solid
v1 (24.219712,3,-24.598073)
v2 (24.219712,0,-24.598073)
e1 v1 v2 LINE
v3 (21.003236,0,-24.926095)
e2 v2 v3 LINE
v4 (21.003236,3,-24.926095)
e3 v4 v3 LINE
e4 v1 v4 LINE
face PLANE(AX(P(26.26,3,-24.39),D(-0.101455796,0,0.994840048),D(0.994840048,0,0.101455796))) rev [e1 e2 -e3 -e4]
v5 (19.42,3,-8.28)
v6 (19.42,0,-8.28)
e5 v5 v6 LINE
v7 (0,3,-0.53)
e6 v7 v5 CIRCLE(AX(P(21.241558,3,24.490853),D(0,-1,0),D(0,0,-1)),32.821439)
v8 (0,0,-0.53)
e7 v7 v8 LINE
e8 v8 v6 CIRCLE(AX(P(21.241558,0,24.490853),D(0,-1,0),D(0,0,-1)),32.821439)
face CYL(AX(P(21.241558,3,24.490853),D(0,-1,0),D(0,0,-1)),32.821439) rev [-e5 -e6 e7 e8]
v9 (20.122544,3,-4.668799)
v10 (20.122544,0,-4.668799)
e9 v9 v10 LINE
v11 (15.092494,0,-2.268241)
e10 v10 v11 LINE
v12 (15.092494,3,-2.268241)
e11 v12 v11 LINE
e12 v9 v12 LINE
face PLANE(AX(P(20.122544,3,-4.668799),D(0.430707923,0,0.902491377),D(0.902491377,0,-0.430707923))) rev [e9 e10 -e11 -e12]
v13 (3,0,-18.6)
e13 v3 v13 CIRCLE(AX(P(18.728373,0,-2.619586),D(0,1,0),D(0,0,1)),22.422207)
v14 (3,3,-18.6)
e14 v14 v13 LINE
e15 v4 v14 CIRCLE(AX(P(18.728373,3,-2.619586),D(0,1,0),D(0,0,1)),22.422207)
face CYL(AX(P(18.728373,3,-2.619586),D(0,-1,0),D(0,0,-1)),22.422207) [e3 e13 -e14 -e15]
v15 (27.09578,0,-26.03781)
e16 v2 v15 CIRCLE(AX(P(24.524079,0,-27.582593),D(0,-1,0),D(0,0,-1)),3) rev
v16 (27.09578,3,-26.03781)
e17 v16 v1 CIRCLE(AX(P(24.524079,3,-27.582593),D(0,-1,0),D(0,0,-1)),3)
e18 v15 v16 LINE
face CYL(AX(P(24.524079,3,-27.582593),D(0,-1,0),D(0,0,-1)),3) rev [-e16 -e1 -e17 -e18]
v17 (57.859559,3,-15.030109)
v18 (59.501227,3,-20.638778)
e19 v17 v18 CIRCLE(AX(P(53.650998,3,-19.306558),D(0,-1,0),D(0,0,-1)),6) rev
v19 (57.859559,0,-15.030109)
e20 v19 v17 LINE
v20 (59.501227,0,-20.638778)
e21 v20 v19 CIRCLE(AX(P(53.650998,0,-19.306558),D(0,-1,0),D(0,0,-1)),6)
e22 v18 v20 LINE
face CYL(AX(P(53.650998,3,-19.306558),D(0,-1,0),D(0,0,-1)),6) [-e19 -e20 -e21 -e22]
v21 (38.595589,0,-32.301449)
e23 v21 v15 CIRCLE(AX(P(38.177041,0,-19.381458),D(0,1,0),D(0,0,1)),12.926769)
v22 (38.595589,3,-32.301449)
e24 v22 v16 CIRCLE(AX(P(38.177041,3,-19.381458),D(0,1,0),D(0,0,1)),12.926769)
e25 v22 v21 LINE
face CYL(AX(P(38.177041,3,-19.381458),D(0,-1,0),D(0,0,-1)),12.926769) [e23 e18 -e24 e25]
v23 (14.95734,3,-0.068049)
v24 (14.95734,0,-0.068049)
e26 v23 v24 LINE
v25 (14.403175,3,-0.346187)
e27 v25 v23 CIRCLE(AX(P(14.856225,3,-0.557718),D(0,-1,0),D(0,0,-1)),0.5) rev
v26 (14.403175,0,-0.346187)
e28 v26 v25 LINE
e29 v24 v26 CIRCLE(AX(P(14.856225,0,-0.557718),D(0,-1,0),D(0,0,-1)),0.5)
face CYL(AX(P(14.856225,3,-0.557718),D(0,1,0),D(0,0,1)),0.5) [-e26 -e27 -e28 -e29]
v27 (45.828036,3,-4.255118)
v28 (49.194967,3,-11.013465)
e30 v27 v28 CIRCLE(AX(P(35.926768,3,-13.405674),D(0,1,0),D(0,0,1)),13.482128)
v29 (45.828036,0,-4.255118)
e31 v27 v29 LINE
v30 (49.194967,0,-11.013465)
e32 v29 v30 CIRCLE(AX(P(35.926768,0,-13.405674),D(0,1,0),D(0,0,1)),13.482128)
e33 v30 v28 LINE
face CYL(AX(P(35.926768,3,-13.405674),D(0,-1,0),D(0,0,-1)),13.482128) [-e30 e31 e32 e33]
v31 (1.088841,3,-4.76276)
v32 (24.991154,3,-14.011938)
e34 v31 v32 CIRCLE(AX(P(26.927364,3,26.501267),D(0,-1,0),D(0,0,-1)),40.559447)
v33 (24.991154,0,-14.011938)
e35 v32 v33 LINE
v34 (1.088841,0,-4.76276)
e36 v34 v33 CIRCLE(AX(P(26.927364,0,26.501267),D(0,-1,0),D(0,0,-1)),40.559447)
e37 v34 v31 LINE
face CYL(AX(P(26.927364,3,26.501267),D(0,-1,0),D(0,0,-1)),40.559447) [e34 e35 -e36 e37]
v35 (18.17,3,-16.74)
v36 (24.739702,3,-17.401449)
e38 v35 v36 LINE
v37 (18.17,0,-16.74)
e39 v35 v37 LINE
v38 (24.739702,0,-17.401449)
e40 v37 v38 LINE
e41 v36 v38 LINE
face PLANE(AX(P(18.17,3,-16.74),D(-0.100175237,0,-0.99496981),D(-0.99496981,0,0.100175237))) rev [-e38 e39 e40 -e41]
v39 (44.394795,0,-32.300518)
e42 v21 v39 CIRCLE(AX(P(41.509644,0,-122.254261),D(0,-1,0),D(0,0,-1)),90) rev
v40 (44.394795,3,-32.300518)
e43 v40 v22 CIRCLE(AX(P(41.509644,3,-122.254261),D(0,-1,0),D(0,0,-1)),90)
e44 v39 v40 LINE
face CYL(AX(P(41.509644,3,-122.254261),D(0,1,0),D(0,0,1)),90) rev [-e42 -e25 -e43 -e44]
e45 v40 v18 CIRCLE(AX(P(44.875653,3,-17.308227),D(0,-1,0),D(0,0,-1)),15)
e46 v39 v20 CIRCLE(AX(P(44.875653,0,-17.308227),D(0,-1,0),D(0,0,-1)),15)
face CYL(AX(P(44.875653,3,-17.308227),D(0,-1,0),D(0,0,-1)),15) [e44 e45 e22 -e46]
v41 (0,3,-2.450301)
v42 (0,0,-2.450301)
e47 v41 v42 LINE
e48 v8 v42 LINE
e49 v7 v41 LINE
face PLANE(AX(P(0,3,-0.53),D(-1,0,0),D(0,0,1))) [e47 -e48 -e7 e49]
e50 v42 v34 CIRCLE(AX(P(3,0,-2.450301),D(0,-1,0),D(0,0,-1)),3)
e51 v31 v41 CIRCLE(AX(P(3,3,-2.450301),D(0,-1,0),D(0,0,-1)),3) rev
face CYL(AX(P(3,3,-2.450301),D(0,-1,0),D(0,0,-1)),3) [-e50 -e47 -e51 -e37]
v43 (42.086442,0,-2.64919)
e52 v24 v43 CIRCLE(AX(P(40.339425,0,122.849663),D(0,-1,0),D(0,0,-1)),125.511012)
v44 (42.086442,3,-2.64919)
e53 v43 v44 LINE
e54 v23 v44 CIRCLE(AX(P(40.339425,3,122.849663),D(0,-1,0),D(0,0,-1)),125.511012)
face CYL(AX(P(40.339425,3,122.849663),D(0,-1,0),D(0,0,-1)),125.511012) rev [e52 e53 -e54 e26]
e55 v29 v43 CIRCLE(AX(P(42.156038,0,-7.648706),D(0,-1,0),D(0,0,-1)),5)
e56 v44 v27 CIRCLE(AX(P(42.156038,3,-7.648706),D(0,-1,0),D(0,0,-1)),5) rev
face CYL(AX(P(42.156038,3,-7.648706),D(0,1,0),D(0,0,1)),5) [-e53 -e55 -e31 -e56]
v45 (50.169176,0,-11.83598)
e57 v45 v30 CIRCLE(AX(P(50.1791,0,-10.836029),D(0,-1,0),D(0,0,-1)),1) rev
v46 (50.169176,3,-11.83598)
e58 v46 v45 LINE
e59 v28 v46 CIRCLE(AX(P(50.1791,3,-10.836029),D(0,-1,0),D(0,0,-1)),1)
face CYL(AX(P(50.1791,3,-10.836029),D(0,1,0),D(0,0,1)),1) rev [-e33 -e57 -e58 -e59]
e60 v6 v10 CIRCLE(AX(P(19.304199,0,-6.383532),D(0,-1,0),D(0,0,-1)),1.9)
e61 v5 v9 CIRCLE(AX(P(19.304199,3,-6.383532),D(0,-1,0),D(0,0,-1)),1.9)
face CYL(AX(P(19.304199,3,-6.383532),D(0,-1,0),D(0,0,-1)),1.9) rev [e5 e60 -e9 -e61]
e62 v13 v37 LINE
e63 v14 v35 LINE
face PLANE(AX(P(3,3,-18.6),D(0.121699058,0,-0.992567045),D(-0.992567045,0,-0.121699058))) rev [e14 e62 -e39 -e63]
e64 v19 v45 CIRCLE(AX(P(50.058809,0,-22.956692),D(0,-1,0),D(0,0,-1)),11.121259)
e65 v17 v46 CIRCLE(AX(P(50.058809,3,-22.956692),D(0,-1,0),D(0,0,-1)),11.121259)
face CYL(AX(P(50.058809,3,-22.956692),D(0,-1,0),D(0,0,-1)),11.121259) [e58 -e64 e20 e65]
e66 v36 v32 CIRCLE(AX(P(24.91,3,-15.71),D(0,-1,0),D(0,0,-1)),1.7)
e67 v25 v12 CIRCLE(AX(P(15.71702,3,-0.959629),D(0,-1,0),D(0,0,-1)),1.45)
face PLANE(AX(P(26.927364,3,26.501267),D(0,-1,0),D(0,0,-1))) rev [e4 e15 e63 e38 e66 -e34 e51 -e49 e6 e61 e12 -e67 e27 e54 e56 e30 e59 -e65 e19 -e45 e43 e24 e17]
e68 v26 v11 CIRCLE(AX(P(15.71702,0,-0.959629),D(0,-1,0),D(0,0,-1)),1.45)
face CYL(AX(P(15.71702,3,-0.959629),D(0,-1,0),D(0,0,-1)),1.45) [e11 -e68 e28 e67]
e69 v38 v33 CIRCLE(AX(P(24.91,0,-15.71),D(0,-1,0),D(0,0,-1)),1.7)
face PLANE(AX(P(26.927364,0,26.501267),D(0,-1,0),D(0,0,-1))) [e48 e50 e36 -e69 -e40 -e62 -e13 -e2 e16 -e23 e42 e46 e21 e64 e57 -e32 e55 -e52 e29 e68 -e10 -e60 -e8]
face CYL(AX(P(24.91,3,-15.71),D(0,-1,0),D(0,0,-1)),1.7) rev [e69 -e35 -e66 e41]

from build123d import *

# Parameters (mm, degrees)
BOSS_EXTRUDE1_DEPTH = 3
FILLET1_R           = 6
FILLET2_R           = 90
FILLET3_R           = 3
FILLET4_R           = 1
FILLET5_R           = 5
FILLET7_R           = 0.5


with BuildPart() as part:
    # Sketch1 → Boss-Extrude1 (new body)
    with BuildSketch(Plane(origin=(0, 0, 0), x_dir=(1, 0, 0), z_dir=(0, 1, 0))):
        with BuildLine():
            Line((26.26, 24.39), (21.003236337, 24.926095368))
            ThreePointArc((21.003236337, 24.926095368), (11.295062799, 23.773811444), (3, 18.6))
            Line((3, 18.6), (18.17, 16.74))
            Line((18.17, 16.74), (24.739702097, 17.401448676))
            ThreePointArc((24.739702097, 17.401448676), (26.605341282, 15.835769379), (24.991153908, 14.011938151))
            ThreePointArc((24.991153908, 14.011938151), (11.62395121, 11.060339085), (0, 3.83))
            Line((0, 3.83), (0, 0.53))
            ThreePointArc((0, 0.53), (9.076343052, 5.992821668), (19.42, 8.28))
            ThreePointArc((19.42, 8.28), (21.169232573, 6.746366569), (20.122543786, 4.668798598))
            Line((20.122543786, 4.668798598), (15.092493707, 2.268241119))
            ThreePointArc((15.092493707, 2.268241119), (14.296253692, 1.249322501), (14.63, 0))
            ThreePointArc((14.63, 0), (29.238150005, 2.169439215), (44, 2.607956962))
            ThreePointArc((44, 2.607956962), (47.61446857, 6.68515129), (49.32, 11.86))
            ThreePointArc((49.32, 11.86), (55.458987632, 13.234527387), (59.87, 17.72))
            ThreePointArc((59.87, 17.72), (54.010103044, 29.206202626), (41.4, 31.9))
            ThreePointArc((41.4, 31.9), (32.432757692, 30.961810725), (26.26, 24.39))
        make_face()
    extrude(amount=BOSS_EXTRUDE1_DEPTH)

    # Fillet1
    fillet1_edges = [part.edges().sort_by_distance(p)[0] for p in [
        (59.87, 1.5, -17.72),
    ]]
    fillet(fillet1_edges, radius=FILLET1_R)

    # Fillet2
    fillet2_edges = [part.edges().sort_by_distance(p)[0] for p in [
        (41.4, 1.5, -31.9),
    ]]
    fillet(fillet2_edges, radius=FILLET2_R)

    # Fillet3
    fillet3_edges = [part.edges().sort_by_distance(p)[0] for p in [
        (26.26, 1.5, -24.39),
        (0, 1.5, -3.83),
    ]]
    fillet(fillet3_edges, radius=FILLET3_R)

    # Fillet4
    fillet4_edges = [part.edges().sort_by_distance(p)[0] for p in [
        (49.32, 1.5, -11.86),
    ]]
    fillet(fillet4_edges, radius=FILLET4_R)

    # Fillet5
    fillet5_edges = [part.edges().sort_by_distance(p)[0] for p in [
        (44, 1.5, -2.607956962),
    ]]
    fillet(fillet5_edges, radius=FILLET5_R)

    # Fillet7
    fillet7_edges = [part.edges().sort_by_distance(p)[0] for p in [
        (14.63, 1.5, 0),
    ]]
    fillet(fillet7_edges, radius=FILLET7_R)


solid = part.part
